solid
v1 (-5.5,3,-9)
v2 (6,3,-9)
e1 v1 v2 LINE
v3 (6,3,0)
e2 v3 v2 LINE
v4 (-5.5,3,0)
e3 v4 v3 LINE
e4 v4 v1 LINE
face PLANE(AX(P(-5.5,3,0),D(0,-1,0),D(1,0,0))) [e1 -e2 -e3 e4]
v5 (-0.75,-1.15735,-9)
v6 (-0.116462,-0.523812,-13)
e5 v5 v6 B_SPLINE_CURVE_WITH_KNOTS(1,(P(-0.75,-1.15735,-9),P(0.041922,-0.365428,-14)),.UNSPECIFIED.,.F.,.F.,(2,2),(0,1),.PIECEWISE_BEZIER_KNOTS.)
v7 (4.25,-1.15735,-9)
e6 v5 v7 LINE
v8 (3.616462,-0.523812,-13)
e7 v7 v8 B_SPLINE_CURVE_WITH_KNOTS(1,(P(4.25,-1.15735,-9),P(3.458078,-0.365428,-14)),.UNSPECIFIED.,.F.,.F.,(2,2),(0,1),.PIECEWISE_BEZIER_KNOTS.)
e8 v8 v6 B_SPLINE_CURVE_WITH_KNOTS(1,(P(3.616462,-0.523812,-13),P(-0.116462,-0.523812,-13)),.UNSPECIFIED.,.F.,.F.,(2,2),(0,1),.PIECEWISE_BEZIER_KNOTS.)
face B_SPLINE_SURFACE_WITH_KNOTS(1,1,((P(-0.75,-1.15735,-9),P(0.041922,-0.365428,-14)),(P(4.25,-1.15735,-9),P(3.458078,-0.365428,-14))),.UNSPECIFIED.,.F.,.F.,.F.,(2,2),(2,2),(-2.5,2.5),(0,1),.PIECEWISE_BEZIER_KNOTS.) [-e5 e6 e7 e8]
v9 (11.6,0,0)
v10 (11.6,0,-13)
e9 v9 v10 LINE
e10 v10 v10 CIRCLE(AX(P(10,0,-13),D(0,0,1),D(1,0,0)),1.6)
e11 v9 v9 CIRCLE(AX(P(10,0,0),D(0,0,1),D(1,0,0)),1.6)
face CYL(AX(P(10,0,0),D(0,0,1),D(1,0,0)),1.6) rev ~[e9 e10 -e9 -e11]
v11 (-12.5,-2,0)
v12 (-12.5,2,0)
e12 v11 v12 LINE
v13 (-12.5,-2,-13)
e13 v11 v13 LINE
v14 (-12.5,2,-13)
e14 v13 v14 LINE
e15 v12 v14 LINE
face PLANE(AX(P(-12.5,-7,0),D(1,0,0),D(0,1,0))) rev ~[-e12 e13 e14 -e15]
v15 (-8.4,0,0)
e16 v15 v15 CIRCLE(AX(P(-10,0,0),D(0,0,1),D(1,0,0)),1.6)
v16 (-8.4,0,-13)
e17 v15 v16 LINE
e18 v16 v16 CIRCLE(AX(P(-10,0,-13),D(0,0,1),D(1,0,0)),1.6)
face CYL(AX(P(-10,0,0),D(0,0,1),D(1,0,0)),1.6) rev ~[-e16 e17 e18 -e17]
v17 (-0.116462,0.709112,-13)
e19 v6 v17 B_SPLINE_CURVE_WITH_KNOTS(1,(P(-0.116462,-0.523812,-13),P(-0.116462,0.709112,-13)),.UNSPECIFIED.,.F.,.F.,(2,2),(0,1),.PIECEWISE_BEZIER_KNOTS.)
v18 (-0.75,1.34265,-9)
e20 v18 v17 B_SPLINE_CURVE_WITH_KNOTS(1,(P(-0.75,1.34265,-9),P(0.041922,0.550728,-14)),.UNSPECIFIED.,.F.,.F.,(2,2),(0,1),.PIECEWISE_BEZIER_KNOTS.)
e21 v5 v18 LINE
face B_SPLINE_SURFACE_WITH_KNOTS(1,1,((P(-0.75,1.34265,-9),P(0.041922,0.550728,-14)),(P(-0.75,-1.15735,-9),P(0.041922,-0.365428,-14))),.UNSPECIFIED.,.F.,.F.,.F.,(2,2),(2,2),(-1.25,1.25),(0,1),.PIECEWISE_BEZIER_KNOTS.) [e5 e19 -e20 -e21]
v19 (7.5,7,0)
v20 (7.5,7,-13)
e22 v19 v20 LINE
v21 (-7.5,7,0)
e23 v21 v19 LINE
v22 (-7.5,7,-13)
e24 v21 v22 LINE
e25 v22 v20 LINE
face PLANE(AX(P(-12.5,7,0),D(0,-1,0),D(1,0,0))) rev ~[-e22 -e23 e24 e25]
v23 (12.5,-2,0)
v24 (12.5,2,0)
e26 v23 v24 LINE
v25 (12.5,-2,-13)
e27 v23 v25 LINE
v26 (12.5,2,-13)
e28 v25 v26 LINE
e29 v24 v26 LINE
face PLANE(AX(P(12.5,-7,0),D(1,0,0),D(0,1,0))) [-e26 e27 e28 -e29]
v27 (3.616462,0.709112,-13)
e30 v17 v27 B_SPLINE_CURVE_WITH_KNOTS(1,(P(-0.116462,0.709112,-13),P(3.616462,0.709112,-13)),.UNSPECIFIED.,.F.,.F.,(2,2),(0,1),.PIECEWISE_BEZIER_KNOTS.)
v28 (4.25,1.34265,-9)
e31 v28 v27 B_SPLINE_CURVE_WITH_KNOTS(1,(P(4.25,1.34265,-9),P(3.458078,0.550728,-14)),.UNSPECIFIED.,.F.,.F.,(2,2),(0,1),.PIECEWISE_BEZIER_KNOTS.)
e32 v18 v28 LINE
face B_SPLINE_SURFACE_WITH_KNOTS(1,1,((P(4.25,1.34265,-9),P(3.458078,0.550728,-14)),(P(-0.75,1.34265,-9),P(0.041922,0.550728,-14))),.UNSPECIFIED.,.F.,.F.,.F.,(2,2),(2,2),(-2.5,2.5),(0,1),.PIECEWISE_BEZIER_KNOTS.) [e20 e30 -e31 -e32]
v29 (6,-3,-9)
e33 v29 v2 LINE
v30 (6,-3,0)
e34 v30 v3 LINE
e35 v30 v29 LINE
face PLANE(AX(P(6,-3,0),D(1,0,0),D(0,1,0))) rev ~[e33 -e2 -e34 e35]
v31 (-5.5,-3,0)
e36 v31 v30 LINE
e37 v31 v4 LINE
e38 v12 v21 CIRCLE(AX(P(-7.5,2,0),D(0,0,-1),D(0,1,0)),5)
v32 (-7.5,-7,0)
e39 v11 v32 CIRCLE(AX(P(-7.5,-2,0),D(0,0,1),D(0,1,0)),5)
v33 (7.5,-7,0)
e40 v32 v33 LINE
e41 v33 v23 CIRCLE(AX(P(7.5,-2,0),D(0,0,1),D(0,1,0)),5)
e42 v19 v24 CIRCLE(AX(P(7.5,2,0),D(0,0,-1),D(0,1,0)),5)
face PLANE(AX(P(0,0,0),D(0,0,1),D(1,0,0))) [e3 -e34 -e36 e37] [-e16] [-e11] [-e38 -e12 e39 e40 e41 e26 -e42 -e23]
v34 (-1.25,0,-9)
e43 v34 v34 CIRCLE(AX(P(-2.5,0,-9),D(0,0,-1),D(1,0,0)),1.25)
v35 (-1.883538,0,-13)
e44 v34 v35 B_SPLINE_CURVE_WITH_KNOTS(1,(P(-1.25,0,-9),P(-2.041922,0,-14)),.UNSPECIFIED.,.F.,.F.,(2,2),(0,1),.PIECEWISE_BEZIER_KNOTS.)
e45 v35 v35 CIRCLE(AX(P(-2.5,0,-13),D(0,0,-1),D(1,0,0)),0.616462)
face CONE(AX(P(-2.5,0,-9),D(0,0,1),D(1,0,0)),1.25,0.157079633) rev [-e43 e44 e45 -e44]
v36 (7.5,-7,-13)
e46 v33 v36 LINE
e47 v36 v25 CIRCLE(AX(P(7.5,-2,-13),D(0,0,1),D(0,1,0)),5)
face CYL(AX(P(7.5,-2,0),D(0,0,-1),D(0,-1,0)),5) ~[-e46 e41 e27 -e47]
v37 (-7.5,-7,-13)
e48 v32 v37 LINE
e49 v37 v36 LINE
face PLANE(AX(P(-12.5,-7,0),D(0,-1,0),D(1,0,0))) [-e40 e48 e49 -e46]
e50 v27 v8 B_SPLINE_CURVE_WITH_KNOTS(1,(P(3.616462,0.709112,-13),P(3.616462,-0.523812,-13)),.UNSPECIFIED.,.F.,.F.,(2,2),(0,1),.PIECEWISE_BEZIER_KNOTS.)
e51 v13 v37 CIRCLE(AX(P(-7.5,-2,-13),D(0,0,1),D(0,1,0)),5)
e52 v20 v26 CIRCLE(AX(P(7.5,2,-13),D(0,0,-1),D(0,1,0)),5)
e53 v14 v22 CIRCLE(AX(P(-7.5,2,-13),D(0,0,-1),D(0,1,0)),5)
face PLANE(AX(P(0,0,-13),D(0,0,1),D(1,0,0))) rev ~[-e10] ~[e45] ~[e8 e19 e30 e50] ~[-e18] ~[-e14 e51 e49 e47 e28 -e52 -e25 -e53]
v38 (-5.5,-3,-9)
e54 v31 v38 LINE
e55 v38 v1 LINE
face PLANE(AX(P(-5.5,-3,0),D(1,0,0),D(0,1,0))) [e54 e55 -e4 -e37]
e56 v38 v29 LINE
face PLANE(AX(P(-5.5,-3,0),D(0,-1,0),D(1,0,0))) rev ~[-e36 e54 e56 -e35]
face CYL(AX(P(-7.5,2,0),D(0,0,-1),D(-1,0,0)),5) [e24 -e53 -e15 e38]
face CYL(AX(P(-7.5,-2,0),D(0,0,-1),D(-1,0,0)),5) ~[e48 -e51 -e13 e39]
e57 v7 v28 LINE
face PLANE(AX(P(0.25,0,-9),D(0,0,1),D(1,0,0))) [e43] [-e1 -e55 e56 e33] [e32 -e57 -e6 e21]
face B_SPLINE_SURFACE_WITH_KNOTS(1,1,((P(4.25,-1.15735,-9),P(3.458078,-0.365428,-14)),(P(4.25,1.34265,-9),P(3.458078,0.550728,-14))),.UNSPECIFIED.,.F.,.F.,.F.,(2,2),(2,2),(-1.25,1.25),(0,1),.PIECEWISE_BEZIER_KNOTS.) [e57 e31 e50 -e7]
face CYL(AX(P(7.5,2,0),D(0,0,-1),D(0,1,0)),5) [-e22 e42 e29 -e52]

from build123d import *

# Parameters (mm, degrees)
F0_W     = 25
F0_H     = 14
F0_R     = 1.6
F0_W_2   = 11.5
F0_H_2   = 6
F0_R_2   = 1.25
F0_W_3   = 5
F0_H_3   = 2.5
F1_DEPTH = 13
F2_DEPTH = 9
F3_W     = 5
F3_H     = 2.5
F3_R     = 1.25
F4_DEPTH = 5
F4_TAPER = 9
F5_R     = 5


with BuildPart() as f1:
    # F0 (on Top) → F1 (new body)
    with BuildSketch(Plane.XY):
        Rectangle(F0_W, F0_H)
        with Locations((-10, 0)):
            Circle(F0_R, mode=Mode.SUBTRACT)
        with Locations((0.25, 0)):
            Rectangle(F0_W_2, F0_H_2, mode=Mode.SUBTRACT)
        with Locations((10, 0)):
            Circle(F0_R, mode=Mode.SUBTRACT)
        with Locations((0.25, 0)):
            Rectangle(F0_W_2, F0_H_2)
        with Locations((-2.5, 0)):
            Circle(F0_R_2, mode=Mode.SUBTRACT)
        with Locations((1.75, 0.0926498271)):
            Rectangle(F0_W_3, F0_H_3, mode=Mode.SUBTRACT)
        with Locations((-2.5, 0)):
            Circle(F0_R_2)
        with Locations((1.75, 0.0926498271)):
            Rectangle(F0_W_3, F0_H_3)
    extrude(amount=-F1_DEPTH)

    # F0 (on Top) → F2 (cut)
    with BuildSketch(Plane.XY):
        with Locations((0.25, 0)):
            Rectangle(F0_W_2, F0_H_2)
        with Locations((-2.5, 0)):
            Circle(F0_R_2, mode=Mode.SUBTRACT)
        with Locations((1.75, 0.0926498271)):
            Rectangle(F0_W_3, F0_H_3, mode=Mode.SUBTRACT)
        with Locations((-2.5, 0)):
            Circle(F0_R_2)
        with Locations((1.75, 0.0926498271)):
            Rectangle(F0_W_3, F0_H_3)
    extrude(amount=-F2_DEPTH, mode=Mode.SUBTRACT)

    # F3 (on face) → F4 (cut)
    with BuildSketch(Plane.XY.offset(-9)):
        with Locations((1.75, 0.0926498271)):
            Rectangle(F3_W, F3_H)
        with Locations((-2.5, 0)):
            Circle(F3_R)
    extrude(amount=-F4_DEPTH, taper=F4_TAPER, mode=Mode.SUBTRACT)

    # F5
    f5_edges = [f1.edges().sort_by_distance(p)[0] for p in [
        (-12.5, 7, -6.5),
        (12.5, -7, -6.5),
        (12.5, 7, -6.5),
        (-12.5, -7, -6.5),
    ]]
    fillet(f5_edges, radius=F5_R)


solid = f1.part
